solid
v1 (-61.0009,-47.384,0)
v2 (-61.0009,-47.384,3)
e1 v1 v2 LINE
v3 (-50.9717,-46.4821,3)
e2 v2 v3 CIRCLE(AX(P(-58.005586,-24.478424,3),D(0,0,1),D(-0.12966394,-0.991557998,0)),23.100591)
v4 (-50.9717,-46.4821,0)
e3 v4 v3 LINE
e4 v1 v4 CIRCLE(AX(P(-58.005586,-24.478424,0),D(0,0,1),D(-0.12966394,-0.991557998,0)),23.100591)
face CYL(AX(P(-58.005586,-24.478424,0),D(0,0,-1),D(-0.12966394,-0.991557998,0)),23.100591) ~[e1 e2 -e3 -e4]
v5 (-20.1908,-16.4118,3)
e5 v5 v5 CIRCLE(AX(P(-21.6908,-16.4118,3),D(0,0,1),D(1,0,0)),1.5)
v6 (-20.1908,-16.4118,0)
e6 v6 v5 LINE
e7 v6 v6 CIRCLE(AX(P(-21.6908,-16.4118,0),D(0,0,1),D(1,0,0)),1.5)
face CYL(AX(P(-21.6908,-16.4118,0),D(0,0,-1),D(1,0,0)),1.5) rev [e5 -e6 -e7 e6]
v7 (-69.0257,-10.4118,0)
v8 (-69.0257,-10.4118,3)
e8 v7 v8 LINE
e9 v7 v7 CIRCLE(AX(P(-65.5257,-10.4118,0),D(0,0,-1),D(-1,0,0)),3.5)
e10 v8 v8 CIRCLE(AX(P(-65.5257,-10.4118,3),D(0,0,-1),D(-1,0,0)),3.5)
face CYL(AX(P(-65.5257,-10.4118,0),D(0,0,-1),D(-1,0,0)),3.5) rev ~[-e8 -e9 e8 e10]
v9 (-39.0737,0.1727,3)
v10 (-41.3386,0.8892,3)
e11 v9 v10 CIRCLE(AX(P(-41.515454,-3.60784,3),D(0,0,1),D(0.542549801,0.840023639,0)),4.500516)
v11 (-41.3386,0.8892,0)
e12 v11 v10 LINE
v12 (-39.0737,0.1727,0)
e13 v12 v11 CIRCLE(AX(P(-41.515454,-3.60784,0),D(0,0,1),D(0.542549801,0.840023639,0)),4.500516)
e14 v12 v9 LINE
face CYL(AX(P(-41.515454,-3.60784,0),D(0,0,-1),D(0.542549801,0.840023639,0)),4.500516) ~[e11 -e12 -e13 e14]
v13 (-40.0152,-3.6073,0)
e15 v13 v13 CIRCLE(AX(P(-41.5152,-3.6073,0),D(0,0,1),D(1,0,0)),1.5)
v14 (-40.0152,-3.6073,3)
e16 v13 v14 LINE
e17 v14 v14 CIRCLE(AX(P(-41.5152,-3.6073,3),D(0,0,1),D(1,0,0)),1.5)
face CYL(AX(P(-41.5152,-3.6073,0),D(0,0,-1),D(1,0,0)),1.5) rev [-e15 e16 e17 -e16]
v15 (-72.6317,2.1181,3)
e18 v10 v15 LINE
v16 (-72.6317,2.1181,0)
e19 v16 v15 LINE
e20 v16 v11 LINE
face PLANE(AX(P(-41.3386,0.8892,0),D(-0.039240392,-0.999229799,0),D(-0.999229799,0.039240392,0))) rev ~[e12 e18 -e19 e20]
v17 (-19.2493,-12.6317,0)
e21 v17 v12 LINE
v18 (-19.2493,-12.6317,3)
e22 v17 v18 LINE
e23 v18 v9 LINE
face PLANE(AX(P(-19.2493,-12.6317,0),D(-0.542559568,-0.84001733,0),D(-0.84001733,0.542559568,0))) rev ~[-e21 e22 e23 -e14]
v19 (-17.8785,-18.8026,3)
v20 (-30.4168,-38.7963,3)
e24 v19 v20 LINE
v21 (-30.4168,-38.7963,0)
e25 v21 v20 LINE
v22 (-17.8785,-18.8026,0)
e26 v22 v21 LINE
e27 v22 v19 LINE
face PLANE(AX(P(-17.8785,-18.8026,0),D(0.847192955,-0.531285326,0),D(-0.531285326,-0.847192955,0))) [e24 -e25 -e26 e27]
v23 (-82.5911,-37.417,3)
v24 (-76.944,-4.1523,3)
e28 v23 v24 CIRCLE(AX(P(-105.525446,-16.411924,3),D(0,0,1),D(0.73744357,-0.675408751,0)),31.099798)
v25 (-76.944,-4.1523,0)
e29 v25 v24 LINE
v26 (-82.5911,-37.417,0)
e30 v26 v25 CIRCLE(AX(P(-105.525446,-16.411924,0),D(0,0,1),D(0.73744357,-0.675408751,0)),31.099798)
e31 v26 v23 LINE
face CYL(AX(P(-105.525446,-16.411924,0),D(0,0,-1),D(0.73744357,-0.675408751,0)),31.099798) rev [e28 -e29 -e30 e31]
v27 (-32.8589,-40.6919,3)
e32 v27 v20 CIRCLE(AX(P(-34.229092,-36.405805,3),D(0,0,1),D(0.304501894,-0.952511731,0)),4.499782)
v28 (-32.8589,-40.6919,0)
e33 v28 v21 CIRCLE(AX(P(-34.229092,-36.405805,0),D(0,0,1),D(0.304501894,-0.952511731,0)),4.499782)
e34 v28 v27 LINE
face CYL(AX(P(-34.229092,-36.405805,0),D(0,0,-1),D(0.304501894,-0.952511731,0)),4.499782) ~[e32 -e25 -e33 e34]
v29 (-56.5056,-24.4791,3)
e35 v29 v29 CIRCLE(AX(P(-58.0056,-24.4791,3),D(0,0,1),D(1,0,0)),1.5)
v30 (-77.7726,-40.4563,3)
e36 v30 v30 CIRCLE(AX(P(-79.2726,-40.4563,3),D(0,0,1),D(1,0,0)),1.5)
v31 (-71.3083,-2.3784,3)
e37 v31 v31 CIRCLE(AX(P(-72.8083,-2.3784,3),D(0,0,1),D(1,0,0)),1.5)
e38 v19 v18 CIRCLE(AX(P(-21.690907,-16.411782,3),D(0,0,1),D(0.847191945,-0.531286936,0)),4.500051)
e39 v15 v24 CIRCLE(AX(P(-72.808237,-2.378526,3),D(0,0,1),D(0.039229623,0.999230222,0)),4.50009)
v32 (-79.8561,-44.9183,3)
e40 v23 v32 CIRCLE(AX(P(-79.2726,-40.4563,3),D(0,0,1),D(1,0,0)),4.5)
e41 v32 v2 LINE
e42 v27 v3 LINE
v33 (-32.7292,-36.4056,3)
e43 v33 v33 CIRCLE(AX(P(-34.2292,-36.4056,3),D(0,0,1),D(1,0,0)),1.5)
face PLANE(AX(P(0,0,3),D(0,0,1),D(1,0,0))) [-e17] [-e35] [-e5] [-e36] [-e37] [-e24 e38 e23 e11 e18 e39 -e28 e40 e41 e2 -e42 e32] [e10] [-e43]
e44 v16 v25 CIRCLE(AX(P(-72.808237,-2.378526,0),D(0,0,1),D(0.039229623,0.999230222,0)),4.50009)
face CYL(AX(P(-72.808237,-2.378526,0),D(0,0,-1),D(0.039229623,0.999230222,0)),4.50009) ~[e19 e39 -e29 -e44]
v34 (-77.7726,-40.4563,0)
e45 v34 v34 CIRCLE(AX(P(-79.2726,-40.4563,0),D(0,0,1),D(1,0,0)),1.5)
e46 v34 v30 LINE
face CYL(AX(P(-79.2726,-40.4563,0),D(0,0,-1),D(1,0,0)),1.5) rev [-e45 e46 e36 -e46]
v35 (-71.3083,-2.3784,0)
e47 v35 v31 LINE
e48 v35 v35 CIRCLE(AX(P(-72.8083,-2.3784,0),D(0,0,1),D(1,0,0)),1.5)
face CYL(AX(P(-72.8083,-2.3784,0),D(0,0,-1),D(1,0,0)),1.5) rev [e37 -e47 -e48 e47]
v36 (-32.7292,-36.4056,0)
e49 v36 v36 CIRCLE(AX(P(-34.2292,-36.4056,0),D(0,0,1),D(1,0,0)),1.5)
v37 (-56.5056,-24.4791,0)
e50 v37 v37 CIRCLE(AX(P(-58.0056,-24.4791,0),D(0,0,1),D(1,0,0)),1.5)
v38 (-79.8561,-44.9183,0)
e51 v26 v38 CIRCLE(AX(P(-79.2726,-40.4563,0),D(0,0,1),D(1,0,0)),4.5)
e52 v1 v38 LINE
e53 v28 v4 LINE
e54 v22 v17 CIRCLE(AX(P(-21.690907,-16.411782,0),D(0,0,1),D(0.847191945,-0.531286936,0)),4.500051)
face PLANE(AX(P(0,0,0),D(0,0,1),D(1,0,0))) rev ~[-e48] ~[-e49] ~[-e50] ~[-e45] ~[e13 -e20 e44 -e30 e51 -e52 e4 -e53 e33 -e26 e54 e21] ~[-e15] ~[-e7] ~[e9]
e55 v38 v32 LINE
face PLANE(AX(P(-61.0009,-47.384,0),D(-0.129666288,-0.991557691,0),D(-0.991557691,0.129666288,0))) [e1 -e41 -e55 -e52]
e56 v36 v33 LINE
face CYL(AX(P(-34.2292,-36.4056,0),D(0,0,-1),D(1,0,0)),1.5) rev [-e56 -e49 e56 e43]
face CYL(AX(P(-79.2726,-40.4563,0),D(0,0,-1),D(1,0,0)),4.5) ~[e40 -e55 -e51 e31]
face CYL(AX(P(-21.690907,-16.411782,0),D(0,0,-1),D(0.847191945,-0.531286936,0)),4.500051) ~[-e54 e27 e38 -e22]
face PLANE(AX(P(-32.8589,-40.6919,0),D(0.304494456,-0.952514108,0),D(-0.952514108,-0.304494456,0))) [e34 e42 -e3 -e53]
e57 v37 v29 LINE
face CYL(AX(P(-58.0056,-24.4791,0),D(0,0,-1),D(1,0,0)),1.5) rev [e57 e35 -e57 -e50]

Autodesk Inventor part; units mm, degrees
ref_plane "YZ Plane" through (0, 0, 0) normal (1, 0, 0) x (0, 1, 0)
ref_plane "XZ Plane" through (0, 0, 0) normal (0, 1, 0) x (-1, 0, 0)
ref_plane "XY Plane" through (0, 0, 0) normal (0, 0, 1) x (1, 0, 0)
sketch "スケッチ1" plane through (0, 0, 0) normal (0, 0, 1) x (1, 0, 0)
  circle A0 centre (-21.6908, -16.4118) radius 19.1 construction
  circle A1 centre (-58.0056, -24.4791) radius 22.1 construction
  circle A2 centre (-105.5257, -16.4118) radius 30.1 construction
  circle A3 centre (-122.6945, 30.2622) radius 1.5
  circle A4 centre (-75.5257, 23.124) radius 1.5
  circle A5 centre (-65.5257, -10.4118) radius 1.5
  circle A6 centre (-145.5257, 0.5882) radius 1.5
  circle A7 centre (-105.5257, -16.4118) radius 7.025
  circle A8 centre (-21.6908, -16.4118) radius 1.5
  arc A9 (-17.8785, -18.8026) -> (-19.2493, -12.6317) centre (-21.6908, -16.4118) ccw
  arc A10 (-61.0009, -47.384) -> (-50.9717, -46.4821) centre (-58.0056, -24.4791) ccw
  circle A11 centre (-34.2292, -36.4056) radius 1.5
  circle A12 centre (-41.5152, -3.6073) radius 1.5
  arc A13 (-39.0737, 0.1727) -> (-41.3386, 0.8892) centre (-41.5152, -3.6073) ccw
  arc A14 (-32.8589, -40.6919) -> (-30.4168, -38.7963) centre (-34.2292, -36.4056) ccw
  circle A15 centre (-79.2726, -40.4563) radius 1.5
  circle A16 centre (-79.2726, -40.4563) radius 4.5
  line L0 (-17.8785, -18.8026) -> (-30.4168, -38.7963)
  line L1 (-32.8589, -40.6919) -> (-50.9717, -46.4821)
  line L2 (-19.2493, -12.6317) -> (-39.0737, 0.1727)
  arc A17 (-149.0922, 3.3323) -> (-149.4523, -1.6098) centre (-145.5257, 0.5882) ccw
  line L3 (-149.4523, -1.6098) -> (-132.6633, -31.6026)
  line L4 (-102.3494, -47.3492) -> (-78.813, -44.9328)
  line L5 (-61.0009, -47.384) -> (-79.8561, -44.9183)
  circle A18 centre (-72.8083, -2.3784) radius 1.5
  arc A19 (-72.6317, 2.1181) -> (-76.944, -4.1523) centre (-72.8083, -2.3784) ccw
  line L6 (-41.3386, 0.8892) -> (-72.6317, 2.1181)
  arc A20 (-61.4337, -12.2841) -> (-61.2133, -9.1259) centre (-65.5257, -10.4118) ccw
  line L7 (-61.4337, -12.2841) -> (-75.1806, -42.3286)
  arc A21 (-82.5911, -37.417) -> (-76.944, -4.1523) centre (-105.5257, -16.4118) ccw
  arc A22 (-132.6633, -31.6026) -> (-102.3494, -47.3492) centre (-105.5257, -16.4118) ccw
  arc A23 (-122.0212, 34.7115) -> (-126.261, 33.0062) centre (-122.6945, 30.2622) ccw
  arc A24 (-71.2133, 24.4099) -> (-74.8523, 27.5733) centre (-75.5257, 23.124) ccw
  line L8 (-126.261, 33.0062) -> (-149.0922, 3.3323)
  line L9 (-122.0212, 34.7115) -> (-74.8523, 27.5733)
  line L10 (-71.2133, 24.4099) -> (-61.2133, -9.1259)
  circle A25 centre (-58.0056, -24.4791) radius 1.5
  point P0 (0, 0)
  point P1 (0, 0)
  dimension "d0" = 14.05
  dimension "d1" = 3
  dimension "d2" = 3
  dimension "d3" = 1
  dimension "d4" = 3
  dimension "d5" = 3
  dimension "d6" = 3
  dimension "d7" = 3
  dimension "d8" = 3
  dimension "d9" = 3
  dimension "d10" = 9
  dimension "d11" = 3
  dimension "d12" = 3
  dimension "d13" = 9
  dimension "d14" = 31.1
  dimension "d15" = 31.1
  dimension "d16" = 9
  dimension "d17" = 9
  dimension "d18" = 3
extrude "押し出し1" add sketch "スケッチ1" along normal blind 3 contours L0 A14 L1 A10 L5 L4 A16 L7 A20 L10 L6 A13 L2 A9 | L10 A20 L7 A16 A21 A19 L6 | L5 A16 L4 | A16
sketch "スケッチ2" plane through (0, 0, 0) normal (0, 0, -1) x (-1, 0, 0)
  circle A0 centre (58.0056, -24.4791) radius 1.5 projected
  circle A1 centre (72.8083, -2.3784) radius 1.5 projected
  circle A2 centre (41.5152, -3.6073) radius 1.5 projected
  circle A3 centre (34.2292, -36.4056) radius 1.5 projected
  circle A4 centre (21.6908, -16.4118) radius 1.5 projected
  circle A5 centre (65.5257, -10.4118) radius 1.5 projected
  circle A6 centre (79.2726, -40.4563) radius 1.5 projected
  arc A7 (79.8561, -44.9183) -> (82.5911, -37.417) centre (79.2726, -40.4563) ccw projected
  arc A8 (76.944, -4.1523) -> (82.5911, -37.417) centre (105.5257, -16.4118) ccw projected
  arc A9 (76.944, -4.1523) -> (72.6317, 2.1181) centre (72.8083, -2.3784) ccw projected
  line L0 (41.3386, 0.8892) -> (72.6317, 2.1181) projected
  arc A10 (41.3386, 0.8892) -> (39.0737, 0.1727) centre (41.5152, -3.6073) ccw projected
  line L1 (19.2493, -12.6317) -> (39.0737, 0.1727) projected
  arc A11 (19.2493, -12.6317) -> (17.8785, -18.8026) centre (21.6908, -16.4118) ccw projected
  line L2 (30.4168, -38.7963) -> (17.8785, -18.8026) projected
  arc A12 (30.4168, -38.7963) -> (32.8589, -40.6919) centre (34.2292, -36.4056) ccw projected
  line L3 (50.9717, -46.4821) -> (32.8589, -40.6919) projected
  arc A13 (50.9717, -46.4821) -> (61.0009, -47.384) centre (58.0056, -24.4791) ccw projected
  line L4 (79.8561, -44.9183) -> (61.0009, -47.384) projected
  circle A14 centre (65.5257, -10.4118) radius 3.5
  point P0 (0, 0)
  dimension "d21" = 7
extrude "押し出し2" cut sketch "スケッチ2" against normal blind 10 contours A14
properties part number "後ろ脚内フレーム" material "アルミニウム 7075"
